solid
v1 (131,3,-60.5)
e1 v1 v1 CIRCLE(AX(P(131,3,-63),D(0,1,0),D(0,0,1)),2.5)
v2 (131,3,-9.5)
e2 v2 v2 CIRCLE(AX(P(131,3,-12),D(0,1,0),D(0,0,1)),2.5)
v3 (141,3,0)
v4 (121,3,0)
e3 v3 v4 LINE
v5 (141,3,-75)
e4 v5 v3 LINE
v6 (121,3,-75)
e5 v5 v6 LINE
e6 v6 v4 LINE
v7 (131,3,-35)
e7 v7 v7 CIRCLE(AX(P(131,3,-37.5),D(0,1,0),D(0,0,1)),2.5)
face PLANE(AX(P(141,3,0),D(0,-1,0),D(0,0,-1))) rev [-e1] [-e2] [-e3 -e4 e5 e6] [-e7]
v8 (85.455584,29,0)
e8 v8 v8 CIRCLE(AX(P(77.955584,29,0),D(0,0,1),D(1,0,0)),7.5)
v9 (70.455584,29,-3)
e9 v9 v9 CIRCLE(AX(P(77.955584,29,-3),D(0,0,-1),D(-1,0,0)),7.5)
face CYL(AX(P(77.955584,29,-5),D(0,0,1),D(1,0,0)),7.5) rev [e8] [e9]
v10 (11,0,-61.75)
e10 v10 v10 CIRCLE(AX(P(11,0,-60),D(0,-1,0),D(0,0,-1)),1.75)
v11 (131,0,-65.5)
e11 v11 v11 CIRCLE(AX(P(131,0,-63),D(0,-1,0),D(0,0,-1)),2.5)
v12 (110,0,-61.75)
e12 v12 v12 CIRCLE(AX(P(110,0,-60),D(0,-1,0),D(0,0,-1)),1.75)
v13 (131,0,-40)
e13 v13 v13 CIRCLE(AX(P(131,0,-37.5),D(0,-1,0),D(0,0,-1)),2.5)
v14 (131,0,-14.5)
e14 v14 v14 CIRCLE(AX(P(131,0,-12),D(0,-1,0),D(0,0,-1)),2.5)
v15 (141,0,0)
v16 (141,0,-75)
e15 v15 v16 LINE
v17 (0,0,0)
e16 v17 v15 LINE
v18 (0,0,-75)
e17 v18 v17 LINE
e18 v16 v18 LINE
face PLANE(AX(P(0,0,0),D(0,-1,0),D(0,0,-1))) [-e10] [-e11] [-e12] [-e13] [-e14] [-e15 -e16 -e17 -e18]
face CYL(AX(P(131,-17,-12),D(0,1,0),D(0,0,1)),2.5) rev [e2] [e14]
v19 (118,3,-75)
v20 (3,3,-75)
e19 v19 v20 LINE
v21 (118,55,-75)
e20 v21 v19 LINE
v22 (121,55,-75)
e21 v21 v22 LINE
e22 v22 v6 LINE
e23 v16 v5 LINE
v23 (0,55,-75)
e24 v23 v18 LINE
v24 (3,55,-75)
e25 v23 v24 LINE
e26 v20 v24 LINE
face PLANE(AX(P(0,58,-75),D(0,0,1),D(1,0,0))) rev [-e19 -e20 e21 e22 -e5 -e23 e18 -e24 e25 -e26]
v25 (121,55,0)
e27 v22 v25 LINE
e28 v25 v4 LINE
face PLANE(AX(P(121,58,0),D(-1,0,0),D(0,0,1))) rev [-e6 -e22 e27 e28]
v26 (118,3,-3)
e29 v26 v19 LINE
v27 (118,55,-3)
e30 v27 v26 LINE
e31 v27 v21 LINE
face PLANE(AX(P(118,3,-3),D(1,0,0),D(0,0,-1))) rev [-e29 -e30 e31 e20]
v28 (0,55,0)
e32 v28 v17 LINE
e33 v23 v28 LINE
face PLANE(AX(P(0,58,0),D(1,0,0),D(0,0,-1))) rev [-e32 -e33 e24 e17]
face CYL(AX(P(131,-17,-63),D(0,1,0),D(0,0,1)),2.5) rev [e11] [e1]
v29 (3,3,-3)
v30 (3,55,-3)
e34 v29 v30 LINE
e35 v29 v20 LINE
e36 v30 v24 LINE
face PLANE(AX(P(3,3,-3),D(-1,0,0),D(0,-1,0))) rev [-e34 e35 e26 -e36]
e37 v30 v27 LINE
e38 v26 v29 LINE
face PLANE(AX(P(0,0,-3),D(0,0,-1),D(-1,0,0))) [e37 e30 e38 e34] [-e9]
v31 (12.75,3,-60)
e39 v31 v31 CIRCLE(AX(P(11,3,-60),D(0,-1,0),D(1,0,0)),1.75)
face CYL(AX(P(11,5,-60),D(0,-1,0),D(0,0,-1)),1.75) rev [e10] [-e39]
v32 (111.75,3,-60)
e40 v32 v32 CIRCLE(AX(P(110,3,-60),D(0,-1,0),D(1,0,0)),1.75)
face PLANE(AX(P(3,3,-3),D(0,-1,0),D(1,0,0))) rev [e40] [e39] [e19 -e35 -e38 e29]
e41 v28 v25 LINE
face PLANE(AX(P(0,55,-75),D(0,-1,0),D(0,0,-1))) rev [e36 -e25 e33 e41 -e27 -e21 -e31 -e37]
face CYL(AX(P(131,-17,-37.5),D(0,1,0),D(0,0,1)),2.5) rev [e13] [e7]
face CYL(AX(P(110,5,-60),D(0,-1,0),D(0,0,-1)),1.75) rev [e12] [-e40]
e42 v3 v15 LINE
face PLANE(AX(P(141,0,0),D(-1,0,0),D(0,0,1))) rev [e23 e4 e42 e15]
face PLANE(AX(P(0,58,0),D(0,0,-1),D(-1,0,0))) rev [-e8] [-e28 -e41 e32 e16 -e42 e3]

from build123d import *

# Parameters (mm, degrees)
SKETCH1_W           = 121
SKETCH1_H           = 75
BOSS_EXTRUDE1_DEPTH = 58
SKETCH2_W           = 115
SKETCH2_H           = 52
CUT_EXTRUDE1_DEPTH  = 72
SKETCH4_W           = 1.41025641
SKETCH4_H           = 10
BOSS_EXTRUDE2_DEPTH = 1.5
SKETCH5_R           = 1.489811861
SKETCH5_R_2         = 1.5
CUT_EXTRUDE2_DEPTH  = 5
SKETCH6_W           = 75
SKETCH6_H           = 3
BOSS_EXTRUDE3_DEPTH = 20
SKETCH7_R           = 2.5
CUT_EXTRUDE3_DEPTH  = 20
SKETCH8_R           = 7.5
CUT_EXTRUDE4_DEPTH  = 5
SKETCH9_R           = 1.75
CUT_EXTRUDE5_DEPTH  = 5
SKETCH10_W          = 121
SKETCH10_H          = 10.055013608
CUT_EXTRUDE6_DEPTH  = 171.429604315


with BuildPart() as part:
    # Sketch1 → Boss-Extrude1 (new body)
    with BuildSketch(Plane(origin=(0, 0, 0), x_dir=(1, 0, 0), z_dir=(0, 1, 0))):
        with Locations((60.5, 37.5)):
            Rectangle(SKETCH1_W, SKETCH1_H)
    extrude(amount=BOSS_EXTRUDE1_DEPTH)

    # Sketch2 → Cut-Extrude1 (cut)
    with BuildSketch(Plane(origin=(0, 0, -75), x_dir=(-1, 0, 0), z_dir=(0, 0, -1))):
        with Locations((-60.5, 29)):
            Rectangle(SKETCH2_W, SKETCH2_H)
    extrude(amount=-CUT_EXTRUDE1_DEPTH, mode=Mode.SUBTRACT)

    # Sketch4 → Boss-Extrude2 (add)
    # profile 1 of 9: a face of its own
    with BuildSketch(Plane(origin=(0, 58, 0), x_dir=(1, 0, 0), z_dir=(0, 1, 0))):
        with Locations((16.987179487, 60)):
            Rectangle(SKETCH4_W, SKETCH4_H)
    # profile 2 of 9: a face of its own
    with BuildSketch(Plane(origin=(0, 58, 0), x_dir=(1, 0, 0), z_dir=(0, 1, 0))):
        with BuildLine():
            Line((21.58974359, 55), (21.58974359, 65))
            Line((21.58974359, 65), (23.711137821, 65))
            Line((23.711137821, 65), (25.946714744, 57.982772436))
            add(Edge.make_bspline(
                [(25.946714744, 57.982772436), (25.971317363, 57.903279477), (26.018897396, 57.749544721), (26.08945294, 57.527537588), (26.153646657, 57.321231721), (26.211463207, 57.129970438), (26.266025433, 56.954703341), (26.313267723, 56.793992236), (26.358432889, 56.649622979), (26.384901695, 56.557871596), (26.397435897, 56.514423077)],
                knots=[0, 0, 0, 0, 1.300204174, 2.514519184, 3.639827924, 4.676153899, 5.636536826, 6.507959918, 7.293450077, 8, 8, 8, 8], degree=3))
            add(Edge.make_bspline(
                [(26.397435897, 56.514423077), (26.411396089, 56.561850935), (26.441104268, 56.662780451), (26.489265976, 56.821474812), (26.540511404, 56.997087981), (26.601836474, 57.186601452), (26.665760601, 57.392988098), (26.732857292, 57.61607652), (26.810252019, 57.853639448), (26.861684683, 58.018107915), (26.888221154, 58.102964744)],
                knots=[0, 0, 0, 0, 0.713638162, 1.518667645, 2.393860736, 3.354087503, 4.393659122, 5.512594909, 6.716633584, 8, 8, 8, 8], degree=3))
            Line((26.888221154, 58.102964744), (29.101762821, 65))
            Line((29.101762821, 65), (31.205128205, 65))
            Line((31.205128205, 65), (31.205128205, 55))
            Line((31.205128205, 55), (29.794871795, 55))
            Line((29.794871795, 55), (29.794871795, 63.461538462))
            Line((29.794871795, 63.461538462), (27.126602564, 55))
            Line((27.126602564, 55), (25.65224359, 55))
            Line((25.65224359, 55), (23, 63.461538462))
            Line((23, 63.461538462), (23, 55))
            Line((23, 55), (21.58974359, 55))
        make_face()
    # profile 3 of 9: a face of its own
    with BuildSketch(Plane(origin=(0, 58, 0), x_dir=(1, 0, 0), z_dir=(0, 1, 0))):
        Polygon((33.734375, 55), (37.704727564, 65), (39.295272436, 65), (43.265625, 55), (41.769230769, 55), (40.631410256, 58.076923077), (36.368589744, 58.076923077), (35.230769231, 55), align=None)
        with BuildLine():
            Line((36.793269231, 59.230769231), (40.206730769, 59.230769231))
            Line((40.206730769, 59.230769231), (39.235176282, 61.858974359))
            add(Edge.make_bspline(
                [(39.235176282, 61.858974359), (39.197930352, 61.960524623), (39.125107525, 62.159074565), (39.016506752, 62.447550868), (38.917290835, 62.721499806), (38.820001481, 62.976993344), (38.732176644, 63.217742781), (38.65122624, 63.442121964), (38.571166974, 63.648571351), (38.523122282, 63.781958927), (38.5, 63.846153846)],
                knots=[0, 0, 0, 0, 1.225184869, 2.395467751, 3.491410812, 4.525364584, 5.492066482, 6.394148129, 7.227157926, 8, 8, 8, 8], degree=3))
            add(Edge.make_bspline(
                [(38.5, 63.846153846), (38.461751283, 63.687854829), (38.385096138, 63.370604078), (38.224598927, 62.905789169), (38.040995692, 62.445225202), (37.891887987, 62.148440925), (37.816907051, 61.999198718)],
                knots=[0, 0, 0, 0, 0.9891762, 1.982431084, 2.985436691, 4, 4, 4, 4], degree=3))
            Line((37.816907051, 61.999198718), (36.793269231, 59.230769231))
        make_face(mode=Mode.SUBTRACT)
    # profile 4 of 9: a face of its own
    with BuildSketch(Plane(origin=(0, 58, 0), x_dir=(1, 0, 0), z_dir=(0, 1, 0))):
        with BuildLine():
            Line((50.794871795, 58.974358974), (50.794871795, 60.128205128))
            Line((50.794871795, 60.128205128), (54.897435897, 60.128205128))
            Line((54.897435897, 60.128205128), (54.897435897, 56.428285256))
            add(Edge.make_bspline(
                [(54.897435897, 56.428285256), (54.73556896, 56.305002849), (54.416994741, 56.062367775), (53.917376037, 55.745937247), (53.409562732, 55.477566549), (52.894958248, 55.256008429), (52.371793817, 55.085009754), (51.842328107, 54.962612928), (51.305984536, 54.885088148), (50.945369884, 54.876229875), (50.764823718, 54.871794872)],
                knots=[0, 0, 0, 0, 1.08433114, 2.134098231, 3.14842993, 4.143565882, 5.117308249, 6.078377492, 7.037916032, 8, 8, 8, 8], degree=3))
            add(Edge.make_bspline(
                [(50.764823718, 54.871794872), (50.64389522, 54.87365123), (50.40366656, 54.877338949), (50.047995823, 54.908887566), (49.700630006, 54.955764326), (49.362227986, 55.024694072), (49.031595068, 55.112449203), (48.709368093, 55.220898845), (48.395411996, 55.347451318), (48.091476855, 55.49253813), (47.802131001, 55.658770426), (47.528170608, 55.841031042), (47.273051762, 56.0420657), (47.036381783, 56.260230047), (46.819016407, 56.496822026), (46.617735084, 56.748697136), (46.437936839, 57.020470861), (46.275651434, 57.307144136), (46.132352841, 57.606547618), (46.007233593, 57.916126264), (45.903810689, 58.235137402), (45.817554604, 58.562169756), (45.748959138, 58.897100071), (45.701047331, 59.240978048), (45.672844116, 59.593540684), (45.668739297, 59.831680225), (45.666666667, 59.951923077)],
                knots=[0, 0, 0, 0, 1.072770755, 2.131096365, 3.165876834, 4.181397123, 5.193125461, 6.199217581, 7.195986042, 8.195005739, 9.184865672, 10.154356418, 11.112044544, 12.063776475, 13.007136321, 13.960176652, 14.921449994, 15.895149614, 16.88092309, 17.86448639, 18.855604391, 19.854360534, 20.864074582, 21.88711945, 22.933151623, 24, 24, 24, 24], degree=3))
            add(Edge.make_bspline(
                [(45.666666667, 59.951923077), (45.668744997, 60.071498178), (45.672872481, 60.308969721), (45.701316611, 60.662837854), (45.749403968, 61.01051012), (45.815790489, 61.352185335), (45.899570126, 61.687567122), (46.003941343, 62.016720404), (46.128812684, 62.339343656), (46.270237862, 62.654755101), (46.427750978, 62.958441784), (46.60863962, 63.240698377), (46.798821071, 63.508119853), (47.013985843, 63.749080405), (47.239158795, 63.976021204), (47.485357478, 64.178003002), (47.746376315, 64.361105929), (48.023344215, 64.523362037), (48.314631955, 64.664963992), (48.616763548, 64.789673635), (48.930424699, 64.893159395), (49.253817605, 64.980468389), (49.588734219, 65.045340341), (49.934311274, 65.094139841), (50.290939241, 65.12201267), (50.532405627, 65.126123852), (50.654647436, 65.128205128)],
                knots=[0, 0, 0, 0, 1.059979929, 2.105079288, 3.144800512, 4.169876923, 5.189194625, 6.207600986, 7.228841866, 8.254191695, 9.270945245, 10.257936415, 11.22408152, 12.176290364, 13.118065146, 14.055588944, 14.994904974, 15.942096138, 16.897776019, 17.864011786, 18.837383209, 19.823806203, 20.831455606, 21.859450402, 22.916351634, 24, 24, 24, 24], degree=3))
            add(Edge.make_bspline(
                [(50.654647436, 65.128205128), (50.831115136, 65.123959635), (51.175909745, 65.115664501), (51.68071161, 65.051149166), (52.158134205, 64.940754438), (52.536487652, 64.813922736), (52.8206613, 64.690323441), (53.021530624, 64.590430295), (53.21034398, 64.481348357), (53.389274769, 64.366622463), (53.554327508, 64.238724287), (53.707670997, 64.103667865), (53.84970877, 63.959833891), (54.024578118, 63.754555172), (54.224621182, 63.469402744), (54.425338507, 63.082182228), (54.601142318, 62.650536201), (54.688153937, 62.341423111), (54.733173077, 62.181490385)],
                knots=[0, 0, 0, 0, 1.539867261, 3.008697525, 4.432261777, 5.810773619, 6.484177873, 7.135742803, 7.767512201, 8.386601754, 8.989234153, 9.587908519, 10.168964172, 10.7517707, 11.940093668, 13.199243526, 14.550910222, 16, 16, 16, 16], degree=3))
            Line((54.733173077, 62.181490385), (53.443108974, 61.856971154))
            add(Edge.make_bspline(
                [(53.443108974, 61.856971154), (53.405874484, 61.975646851), (53.334562136, 62.202937264), (53.208953288, 62.520609667), (53.062629557, 62.794917237), (52.906173437, 63.03636924), (52.719779789, 63.244075818), (52.503369428, 63.428118249), (52.250462487, 63.587953021), (51.966628117, 63.724803039), (51.658050303, 63.836552659), (51.329620599, 63.916187516), (50.984682955, 63.965713987), (50.748968599, 63.971436756), (50.628605769, 63.974358974)],
                knots=[0, 0, 0, 0, 1.164883671, 2.23101188, 3.193404931, 4.072828119, 4.918883984, 5.797350418, 6.725503451, 7.712871826, 8.743577122, 9.793233972, 10.87315899, 12, 12, 12, 12], degree=3))
            add(Edge.make_bspline(
                [(50.628605769, 63.974358974), (50.486232797, 63.970769984), (50.21058126, 63.963821259), (49.811123469, 63.914008077), (49.441465873, 63.829030609), (49.102847471, 63.707944881), (48.796690432, 63.559104982), (48.518614342, 63.390799982), (48.273333297, 63.198120431), (48.059914961, 62.983524042), (47.874312424, 62.753957932), (47.708805657, 62.514669015), (47.564876039, 62.263726715), (47.488000882, 62.087442093), (47.449519231, 61.999198718)],
                knots=[0, 0, 0, 0, 1.282088634, 2.482280855, 3.618640035, 4.691464057, 5.71354971, 6.679981643, 7.61357903, 8.515091979, 9.399860987, 10.268958177, 11.133486685, 12, 12, 12, 12], degree=3))
            add(Edge.make_bspline(
                [(47.449519231, 61.999198718), (47.392055005, 61.843994267), (47.276389513, 61.5315947), (47.16339573, 61.039243874), (47.090456723, 60.528375998), (47.081479537, 60.180549305), (47.076923077, 60.00400641)],
                knots=[0, 0, 0, 0, 0.971932623, 1.956331326, 2.96271565, 4, 4, 4, 4], degree=3))
            add(Edge.make_bspline(
                [(47.076923077, 60.00400641), (47.077613597, 59.895781102), (47.078966349, 59.683764253), (47.103212206, 59.372463708), (47.134914439, 59.073836949), (47.186365485, 58.789348439), (47.247536072, 58.518150279), (47.323409115, 58.260094134), (47.416152527, 58.016468037), (47.519741217, 57.784886293), (47.638264501, 57.567850479), (47.770253043, 57.365591733), (47.915216958, 57.178217942), (48.072661906, 57.005522406), (48.240252343, 56.844036102), (48.423236889, 56.699921497), (48.619557882, 56.571085484), (48.89498827, 56.417657457), (49.258151731, 56.262770224), (49.70831801, 56.124579887), (50.173570392, 56.042505126), (50.488064727, 56.031293828), (50.646634615, 56.025641026)],
                knots=[0, 0, 0, 0, 1.070760406, 2.097653971, 3.088708526, 4.041547766, 4.95691435, 5.839291284, 6.700934147, 7.534993757, 8.348268852, 9.145600082, 9.922850605, 10.690119832, 11.456705726, 12.223547942, 12.991528328, 13.778467112, 15.341275849, 16.888285822, 18.431055468, 20, 20, 20, 20], degree=3))
            add(Edge.make_bspline(
                [(50.646634615, 56.025641026), (50.785735052, 56.030218875), (51.063294813, 56.039353473), (51.476523468, 56.102740525), (51.883255685, 56.210373903), (52.27650153, 56.355690977), (52.644357284, 56.52213959), (52.96997267, 56.700489064), (53.252725699, 56.878452619), (53.411773916, 57.014721263), (53.487179487, 57.079326923)],
                knots=[0, 0, 0, 0, 1.08078364, 2.156585965, 3.240205791, 4.344938036, 5.41078367, 6.374425311, 7.229306744, 8, 8, 8, 8], degree=3))
            Line((53.487179487, 57.079326923), (53.487179487, 58.974358974))
            Line((53.487179487, 58.974358974), (50.794871795, 58.974358974))
        make_face()
    # profile 5 of 9: a face of its own
    with BuildSketch(Plane(origin=(0, 58, 0), x_dir=(1, 0, 0), z_dir=(0, 1, 0))):
        with Locations((59.628205128, 60)):
            Rectangle(SKETCH4_W, SKETCH4_H)
    # profile 6 of 9: a face of its own
    with BuildSketch(Plane(origin=(0, 58, 0), x_dir=(1, 0, 0), z_dir=(0, 1, 0))):
        Polygon((64.487179487, 55), (64.487179487, 65), (65.977564103, 65), (70.769230769, 57.538060897), (70.769230769, 65), (72.179487179, 65), (72.179487179, 55), (70.689102564, 55), (65.897435897, 62.461939103), (65.897435897, 55), align=None)
    # profile 7 of 9: a face of its own
    with BuildSketch(Plane(origin=(0, 58, 0), x_dir=(1, 0, 0), z_dir=(0, 1, 0))):
        Polygon((76.333333333, 55), (76.333333333, 65), (83.384615385, 65), (83.384615385, 63.846153846), (77.743589744, 63.846153846), (77.743589744, 60.769230769), (83, 60.769230769), (83, 59.615384615), (77.743589744, 59.615384615), (77.743589744, 56.153846154), (83.641025641, 56.153846154), (83.641025641, 55), align=None)
    # profile 8 of 9: a face of its own
    with BuildSketch(Plane(origin=(0, 58, 0), x_dir=(1, 0, 0), z_dir=(0, 1, 0))):
        Polygon((87.41025641, 55), (87.41025641, 65), (94.461538462, 65), (94.461538462, 63.846153846), (88.820512821, 63.846153846), (88.820512821, 60.769230769), (94.076923077, 60.769230769), (94.076923077, 59.615384615), (88.820512821, 59.615384615), (88.820512821, 56.153846154), (94.717948718, 56.153846154), (94.717948718, 55), align=None)
    # profile 9 of 9: a face of its own
    with BuildSketch(Plane(origin=(0, 58, 0), x_dir=(1, 0, 0), z_dir=(0, 1, 0))):
        with BuildLine():
            Line((98.487179487, 55), (98.487179487, 65))
            Line((98.487179487, 65), (102.826121795, 65))
            add(Edge.make_bspline(
                [(102.826121795, 65), (102.9282906, 64.999199465), (103.126026365, 64.997650124), (103.412784052, 64.986682545), (103.680443606, 64.963039323), (103.929497162, 64.937472473), (104.159900472, 64.898230774), (104.371415834, 64.853221431), (104.564369817, 64.799659632), (104.739625043, 64.736399019), (104.902223679, 64.664829112), (105.052940331, 64.576523403), (105.198040099, 64.479759173), (105.332137823, 64.366075645), (105.458770343, 64.241602704), (105.577820293, 64.104649027), (105.687525233, 63.954026134), (105.822833139, 63.738453539), (105.967990935, 63.451356238), (106.088930179, 63.083933901), (106.16690964, 62.699596725), (106.175253665, 62.436946788), (106.179487179, 62.303685897)],
                knots=[0, 0, 0, 0, 1.242255013, 2.404239178, 3.487702428, 4.508875116, 5.447164253, 6.327763259, 7.137389581, 7.87956647, 8.591787438, 9.293660819, 10.000726923, 10.709654955, 11.427269343, 12.158170644, 12.913245971, 13.690346794, 15.251572448, 16.809945773, 18.381459854, 20, 20, 20, 20], degree=3))
            add(Edge.make_bspline(
                [(106.179487179, 62.303685897), (106.177530353, 62.21814429), (106.173665487, 62.04919375), (106.144060224, 61.800791233), (106.090491892, 61.563452617), (106.021801064, 61.335099332), (105.927784275, 61.118966781), (105.818869907, 60.910640388), (105.683940489, 60.715843438), (105.532872085, 60.529388798), (105.359637137, 60.355269829), (105.162711701, 60.199768316), (104.944047853, 60.059894394), (104.702615774, 59.939507239), (104.44119459, 59.829467663), (104.156504185, 59.740858495), (103.849693543, 59.668502315), (103.636998145, 59.63346466), (103.52724359, 59.615384615)],
                knots=[0, 0, 0, 0, 0.982609109, 1.940720374, 2.867584677, 3.775009516, 4.675469332, 5.571146231, 6.471115823, 7.392408543, 8.32534739, 9.286126426, 10.269214477, 11.301811357, 12.381622301, 13.524260118, 14.722474812, 16, 16, 16, 16], degree=3))
            add(Edge.make_bspline(
                [(103.52724359, 59.615384615), (103.607752714, 59.574713182), (103.760642439, 59.497476665), (103.972320158, 59.376370478), (104.151752032, 59.252629797), (104.25570601, 59.164126826), (104.304487179, 59.122596154)],
                knots=[0, 0, 0, 0, 1.172304973, 2.226249348, 3.167654437, 4, 4, 4, 4], degree=3))
            add(Edge.make_bspline(
                [(104.304487179, 59.122596154), (104.398954671, 59.029990406), (104.59299761, 58.83977162), (104.860397207, 58.515773306), (105.119650301, 58.155113465), (105.277166103, 57.894463376), (105.358173077, 57.760416667)],
                knots=[0, 0, 0, 0, 0.918110279, 1.885863737, 2.912745394, 4, 4, 4, 4], degree=3))
            Line((105.358173077, 57.760416667), (106.998798077, 55))
            Line((106.998798077, 55), (105.382211538, 55))
            Line((105.382211538, 55), (104.136217949, 57.111378205))
            add(Edge.make_bspline(
                [(104.136217949, 57.111378205), (104.091418278, 57.185458447), (104.004603872, 57.329013793), (103.879203572, 57.538669464), (103.756252701, 57.731690915), (103.642217872, 57.913594803), (103.532471359, 58.081078753), (103.428073571, 58.234724571), (103.331897581, 58.376547891), (103.212771184, 58.541667143), (103.074127843, 58.724373128), (102.912340577, 58.912525791), (102.758271131, 59.062537403), (102.568531766, 59.209639746), (102.333510857, 59.347229261), (102.133738647, 59.410447864), (102.036858974, 59.441105769)],
                knots=[0, 0, 0, 0, 1.130940588, 2.191577161, 3.191089816, 4.120344442, 4.99615009, 5.80661983, 6.546979556, 7.234477901, 8.466216387, 9.541989141, 10.473533583, 11.269175393, 12.675684693, 14, 14, 14, 14], degree=3))
            add(Edge.make_bspline(
                [(102.036858974, 59.441105769), (101.996211854, 59.448435826), (101.90341326, 59.465170567), (101.74584148, 59.476100052), (101.554923936, 59.487700239), (101.416562739, 59.487362249), (101.341746795, 59.487179487)],
                knots=[0, 0, 0, 0, 0.709978628, 1.620902492, 2.713552433, 4, 4, 4, 4], degree=3))
            Line((101.341746795, 59.487179487), (99.897435897, 59.487179487))
            Line((99.897435897, 59.487179487), (99.897435897, 55))
            Line((99.897435897, 55), (98.487179487, 55))
        make_face()
        with BuildLine():
            Line((99.897435897, 60.641025641), (102.575721154, 60.641025641))
            add(Edge.make_bspline(
                [(102.575721154, 60.641025641), (102.710020522, 60.643126882), (102.961080593, 60.647054955), (103.312148386, 60.680596569), (103.611336258, 60.733895618), (103.864558726, 60.811638523), (104.07730557, 60.919571492), (104.262335542, 61.051107984), (104.416097778, 61.215871133), (104.544012075, 61.401771268), (104.643442482, 61.606345087), (104.715166835, 61.82121989), (104.762111672, 62.044589794), (104.766836719, 62.196612258), (104.769230769, 62.273637821)],
                knots=[0, 0, 0, 0, 1.546323217, 2.890706218, 4.056530419, 5.041445823, 5.928701482, 6.793137403, 7.641659452, 8.509781392, 9.383301667, 10.251423607, 11.114044887, 12, 12, 12, 12], degree=3))
            add(Edge.make_bspline(
                [(104.769230769, 62.273637821), (104.767369495, 62.329769277), (104.763723806, 62.43971431), (104.744611897, 62.601083093), (104.707453809, 62.754420737), (104.658386644, 62.9005378), (104.592822956, 63.03836408), (104.514935969, 63.168967578), (104.421992748, 63.291624437), (104.315531637, 63.406708289), (104.193294934, 63.511423347), (104.053671883, 63.601769729), (103.897763681, 63.678544664), (103.725389111, 63.739478385), (103.537091185, 63.788215443), (103.331797963, 63.820638635), (103.110448296, 63.844099949), (102.957065813, 63.845456423), (102.878205128, 63.846153846)],
                knots=[0, 0, 0, 0, 0.965208469, 1.890559848, 2.786986821, 3.67262109, 4.535197034, 5.405224191, 6.282113641, 7.175449223, 8.095446547, 9.040936516, 10.026471658, 11.075712529, 12.17809725, 13.364958037, 14.645208957, 16, 16, 16, 16], degree=3))
            Line((102.878205128, 63.846153846), (99.897435897, 63.846153846))
            Line((99.897435897, 63.846153846), (99.897435897, 60.641025641))
        make_face(mode=Mode.SUBTRACT)
    extrude(amount=BOSS_EXTRUDE2_DEPTH)

    # Sketch5 → Cut-Extrude2 (cut)
    with BuildSketch(Plane(origin=(0, 58, 0), x_dir=(-1, 0, 0), z_dir=(0, 1, 0))):
        with Locations(Location((-60.478143675, -46.04301681, 0), (0, 0, 90))):
            Circle(SKETCH5_R)
        with Locations(Location((-60.506522325, -6.250393675, 0), (0, 0, 90))):
            Circle(SKETCH5_R_2)
        Polygon((-84.629004206, -12.253075019), (-42.629004206, -12.253075019), (-36.329004969, -18.153076545), (-36.329004969, -34.153074638), (-42.629004206, -40.05307521), (-84.629004206, -40.05307521), align=None)
    extrude(amount=-CUT_EXTRUDE2_DEPTH, mode=Mode.SUBTRACT)

    # Sketch6 → Boss-Extrude3 (add)
    with BuildSketch(Plane(origin=(121, 0, 0), x_dir=(0, 0, -1), z_dir=(1, 0, 0))):
        with Locations((37.5, 1.5)):
            Rectangle(SKETCH6_W, SKETCH6_H)
    extrude(amount=BOSS_EXTRUDE3_DEPTH)

    # Sketch7 → Cut-Extrude3 (cut)
    with BuildSketch(Plane(origin=(0, 3, 0), x_dir=(1, 0, 0), z_dir=(0, 1, 0))):
        with Locations(Location((131, 63, 0), (0, 0, 270))):
            Circle(SKETCH7_R)
        with Locations(Location((131, 37.5, 0), (0, 0, 270))):
            Circle(SKETCH7_R)
        with Locations(Location((131, 12, 0), (0, 0, 270))):
            Circle(SKETCH7_R)
    extrude(amount=-CUT_EXTRUDE3_DEPTH, mode=Mode.SUBTRACT)

    # Sketch8 → Cut-Extrude4 (cut)
    with BuildSketch(Plane.XY):
        with Locations((77.955583756, 29)):
            Circle(SKETCH8_R)
    extrude(amount=-CUT_EXTRUDE4_DEPTH, mode=Mode.SUBTRACT)

    # Sketch9 → Cut-Extrude5 (cut)
    with BuildSketch(Plane.XZ):
        with Locations(Location((11, -60, 0), (0, 0, 270))):
            Circle(SKETCH9_R)
        with Locations(Location((110, -60, 0), (0, 0, 270))):
            Circle(SKETCH9_R)
    extrude(amount=-CUT_EXTRUDE5_DEPTH, mode=Mode.SUBTRACT)

    # Sketch10 → Cut-Extrude6 (cut, through all)
    with BuildSketch(Plane.XY):
        with Locations((60.5, 60.027506804)):
            Rectangle(SKETCH10_W, SKETCH10_H)
    extrude(amount=-CUT_EXTRUDE6_DEPTH, mode=Mode.SUBTRACT)


solid = part.part
